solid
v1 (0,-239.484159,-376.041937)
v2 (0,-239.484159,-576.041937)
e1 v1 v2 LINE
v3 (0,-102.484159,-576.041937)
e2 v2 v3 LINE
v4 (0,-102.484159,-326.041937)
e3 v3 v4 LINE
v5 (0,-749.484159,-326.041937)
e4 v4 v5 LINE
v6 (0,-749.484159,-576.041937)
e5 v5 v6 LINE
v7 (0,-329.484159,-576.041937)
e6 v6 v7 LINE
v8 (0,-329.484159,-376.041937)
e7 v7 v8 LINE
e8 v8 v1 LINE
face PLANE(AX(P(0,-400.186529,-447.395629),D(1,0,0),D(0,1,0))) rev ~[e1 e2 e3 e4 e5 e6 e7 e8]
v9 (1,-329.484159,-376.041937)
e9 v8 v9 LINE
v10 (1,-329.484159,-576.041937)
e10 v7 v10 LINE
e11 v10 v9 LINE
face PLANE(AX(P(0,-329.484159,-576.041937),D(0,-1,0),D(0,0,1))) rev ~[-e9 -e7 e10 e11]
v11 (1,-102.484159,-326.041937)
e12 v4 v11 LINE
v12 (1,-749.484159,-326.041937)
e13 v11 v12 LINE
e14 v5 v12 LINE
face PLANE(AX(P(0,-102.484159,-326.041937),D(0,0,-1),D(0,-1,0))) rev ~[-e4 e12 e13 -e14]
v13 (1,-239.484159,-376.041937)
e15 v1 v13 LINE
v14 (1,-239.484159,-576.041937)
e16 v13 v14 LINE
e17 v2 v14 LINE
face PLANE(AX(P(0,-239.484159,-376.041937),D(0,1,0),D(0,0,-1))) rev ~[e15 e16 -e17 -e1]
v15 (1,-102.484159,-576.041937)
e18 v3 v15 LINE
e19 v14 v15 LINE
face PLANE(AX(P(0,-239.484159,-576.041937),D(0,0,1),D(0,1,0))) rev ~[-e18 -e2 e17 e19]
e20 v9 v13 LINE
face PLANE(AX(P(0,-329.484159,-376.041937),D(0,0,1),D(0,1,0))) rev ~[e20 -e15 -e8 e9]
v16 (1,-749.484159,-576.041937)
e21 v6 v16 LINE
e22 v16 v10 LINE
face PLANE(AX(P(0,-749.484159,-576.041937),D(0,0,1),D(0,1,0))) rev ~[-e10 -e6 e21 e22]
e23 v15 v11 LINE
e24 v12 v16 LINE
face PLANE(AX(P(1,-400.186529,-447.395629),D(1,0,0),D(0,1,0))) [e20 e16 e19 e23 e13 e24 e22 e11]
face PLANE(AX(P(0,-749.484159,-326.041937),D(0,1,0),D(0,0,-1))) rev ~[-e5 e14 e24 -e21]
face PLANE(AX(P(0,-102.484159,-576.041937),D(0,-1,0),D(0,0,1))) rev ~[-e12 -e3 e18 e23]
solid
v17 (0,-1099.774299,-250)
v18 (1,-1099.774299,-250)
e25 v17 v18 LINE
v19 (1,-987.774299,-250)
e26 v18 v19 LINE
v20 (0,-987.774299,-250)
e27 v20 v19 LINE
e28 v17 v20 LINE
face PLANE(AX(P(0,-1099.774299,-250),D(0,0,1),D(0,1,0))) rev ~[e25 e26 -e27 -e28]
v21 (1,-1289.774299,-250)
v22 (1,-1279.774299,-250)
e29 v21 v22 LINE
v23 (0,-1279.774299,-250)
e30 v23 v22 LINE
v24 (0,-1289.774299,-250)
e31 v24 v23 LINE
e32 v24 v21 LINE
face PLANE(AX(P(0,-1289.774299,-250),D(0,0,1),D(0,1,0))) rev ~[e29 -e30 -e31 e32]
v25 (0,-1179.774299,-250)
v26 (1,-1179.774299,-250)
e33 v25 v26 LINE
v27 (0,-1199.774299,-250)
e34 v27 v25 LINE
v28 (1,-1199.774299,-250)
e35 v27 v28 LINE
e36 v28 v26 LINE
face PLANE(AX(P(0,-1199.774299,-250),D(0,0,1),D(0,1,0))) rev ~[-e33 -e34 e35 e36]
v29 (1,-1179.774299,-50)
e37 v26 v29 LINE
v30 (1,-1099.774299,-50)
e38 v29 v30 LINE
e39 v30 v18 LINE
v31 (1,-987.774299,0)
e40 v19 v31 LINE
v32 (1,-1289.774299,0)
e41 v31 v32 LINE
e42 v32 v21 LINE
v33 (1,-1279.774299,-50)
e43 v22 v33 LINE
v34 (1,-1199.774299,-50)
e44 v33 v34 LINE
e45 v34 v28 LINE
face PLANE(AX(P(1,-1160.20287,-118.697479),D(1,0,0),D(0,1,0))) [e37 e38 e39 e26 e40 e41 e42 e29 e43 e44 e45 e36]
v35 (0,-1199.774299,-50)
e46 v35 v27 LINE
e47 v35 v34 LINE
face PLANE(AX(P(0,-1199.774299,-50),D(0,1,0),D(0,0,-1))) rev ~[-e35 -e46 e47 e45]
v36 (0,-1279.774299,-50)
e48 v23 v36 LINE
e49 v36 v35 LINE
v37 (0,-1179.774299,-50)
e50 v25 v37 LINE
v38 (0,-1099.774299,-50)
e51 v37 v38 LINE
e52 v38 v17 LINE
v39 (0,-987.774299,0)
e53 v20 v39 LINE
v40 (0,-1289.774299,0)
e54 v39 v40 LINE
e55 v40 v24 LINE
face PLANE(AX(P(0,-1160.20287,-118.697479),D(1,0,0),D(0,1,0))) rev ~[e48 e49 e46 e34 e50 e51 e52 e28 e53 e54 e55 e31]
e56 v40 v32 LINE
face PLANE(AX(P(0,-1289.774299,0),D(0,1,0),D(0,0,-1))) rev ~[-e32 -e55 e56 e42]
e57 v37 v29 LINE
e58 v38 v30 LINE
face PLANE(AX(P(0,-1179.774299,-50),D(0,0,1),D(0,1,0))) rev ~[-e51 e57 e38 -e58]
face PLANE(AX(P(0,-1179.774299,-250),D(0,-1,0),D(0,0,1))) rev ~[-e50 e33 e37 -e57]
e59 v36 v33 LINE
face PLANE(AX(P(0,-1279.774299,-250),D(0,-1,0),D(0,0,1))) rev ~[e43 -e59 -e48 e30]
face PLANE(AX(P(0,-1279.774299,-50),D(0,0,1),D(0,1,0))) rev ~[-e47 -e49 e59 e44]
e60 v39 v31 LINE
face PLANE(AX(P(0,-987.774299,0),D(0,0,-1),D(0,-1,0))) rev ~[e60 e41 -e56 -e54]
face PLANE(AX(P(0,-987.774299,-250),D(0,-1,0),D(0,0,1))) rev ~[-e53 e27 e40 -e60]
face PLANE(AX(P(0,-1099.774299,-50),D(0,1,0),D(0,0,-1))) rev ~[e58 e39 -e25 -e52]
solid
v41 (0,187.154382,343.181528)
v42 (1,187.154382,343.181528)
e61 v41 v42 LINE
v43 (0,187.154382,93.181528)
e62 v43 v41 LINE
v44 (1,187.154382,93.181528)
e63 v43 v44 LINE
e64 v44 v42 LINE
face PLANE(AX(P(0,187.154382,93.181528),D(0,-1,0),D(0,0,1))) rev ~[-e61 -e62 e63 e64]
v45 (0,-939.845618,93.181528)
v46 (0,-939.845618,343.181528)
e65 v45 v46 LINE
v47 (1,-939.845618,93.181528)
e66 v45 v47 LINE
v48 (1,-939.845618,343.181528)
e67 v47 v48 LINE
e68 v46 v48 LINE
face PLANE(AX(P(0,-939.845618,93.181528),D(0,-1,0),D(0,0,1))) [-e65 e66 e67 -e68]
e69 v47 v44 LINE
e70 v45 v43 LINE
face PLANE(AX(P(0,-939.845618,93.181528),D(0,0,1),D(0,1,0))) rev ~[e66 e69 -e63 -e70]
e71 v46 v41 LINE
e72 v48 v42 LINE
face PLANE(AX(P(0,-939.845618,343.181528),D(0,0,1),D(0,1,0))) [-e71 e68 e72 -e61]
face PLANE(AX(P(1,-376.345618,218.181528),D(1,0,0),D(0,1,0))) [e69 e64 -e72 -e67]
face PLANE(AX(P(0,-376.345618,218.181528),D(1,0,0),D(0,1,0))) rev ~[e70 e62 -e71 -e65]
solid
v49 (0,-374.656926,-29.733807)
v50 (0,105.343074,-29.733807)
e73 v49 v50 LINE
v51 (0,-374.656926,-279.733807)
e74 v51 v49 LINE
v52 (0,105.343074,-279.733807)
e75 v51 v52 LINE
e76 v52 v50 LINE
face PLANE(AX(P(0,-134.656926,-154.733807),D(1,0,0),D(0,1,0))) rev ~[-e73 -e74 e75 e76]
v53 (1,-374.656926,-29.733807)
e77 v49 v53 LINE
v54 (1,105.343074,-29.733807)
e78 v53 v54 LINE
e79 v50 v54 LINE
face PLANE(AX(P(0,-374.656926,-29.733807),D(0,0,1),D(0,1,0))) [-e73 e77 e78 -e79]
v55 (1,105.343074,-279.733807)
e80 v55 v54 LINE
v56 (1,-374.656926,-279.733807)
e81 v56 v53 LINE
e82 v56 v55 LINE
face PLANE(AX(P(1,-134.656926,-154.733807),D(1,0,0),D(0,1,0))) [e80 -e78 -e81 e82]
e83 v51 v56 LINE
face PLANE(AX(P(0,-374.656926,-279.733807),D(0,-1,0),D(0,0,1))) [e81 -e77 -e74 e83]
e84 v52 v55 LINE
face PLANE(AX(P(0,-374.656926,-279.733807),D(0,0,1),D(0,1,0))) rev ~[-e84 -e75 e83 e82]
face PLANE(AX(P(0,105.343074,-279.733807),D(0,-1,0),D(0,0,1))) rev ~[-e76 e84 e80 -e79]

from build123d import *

# Parameters (mm, degrees)
F0_W     = 1127
F0_H     = 250
F0_W_2   = 480
F1_DEPTH = 1


with BuildPart() as f1:
    # F0 (on Right) → F1 (new body)
    with BuildSketch(Plane.YZ):
        with Locations((-376.345618, 218.181528)):
            Rectangle(F0_W, F0_H)
        Polygon((-987.774299, 0), (-1289.774299, 0), (-1289.774299, -250), (-1279.774299, -250), (-1279.774299, -50), (-1199.774299, -50), (-1199.774299, -250), (-1179.774299, -250), (-1179.774299, -50), (-1099.774299, -50), (-1099.774299, -250), (-987.774299, -250), align=None)
        with Locations((-134.656926, -154.733807)):
            Rectangle(F0_W_2, F0_H)
        Polygon((-102.484159, -326.041937), (-749.484159, -326.041937), (-749.484159, -576.041937), (-329.484159, -576.041937), (-329.484159, -376.041937), (-239.484159, -376.041937), (-239.484159, -576.041937), (-102.484159, -576.041937), align=None)
    extrude(amount=F1_DEPTH)


solid = f1.part
